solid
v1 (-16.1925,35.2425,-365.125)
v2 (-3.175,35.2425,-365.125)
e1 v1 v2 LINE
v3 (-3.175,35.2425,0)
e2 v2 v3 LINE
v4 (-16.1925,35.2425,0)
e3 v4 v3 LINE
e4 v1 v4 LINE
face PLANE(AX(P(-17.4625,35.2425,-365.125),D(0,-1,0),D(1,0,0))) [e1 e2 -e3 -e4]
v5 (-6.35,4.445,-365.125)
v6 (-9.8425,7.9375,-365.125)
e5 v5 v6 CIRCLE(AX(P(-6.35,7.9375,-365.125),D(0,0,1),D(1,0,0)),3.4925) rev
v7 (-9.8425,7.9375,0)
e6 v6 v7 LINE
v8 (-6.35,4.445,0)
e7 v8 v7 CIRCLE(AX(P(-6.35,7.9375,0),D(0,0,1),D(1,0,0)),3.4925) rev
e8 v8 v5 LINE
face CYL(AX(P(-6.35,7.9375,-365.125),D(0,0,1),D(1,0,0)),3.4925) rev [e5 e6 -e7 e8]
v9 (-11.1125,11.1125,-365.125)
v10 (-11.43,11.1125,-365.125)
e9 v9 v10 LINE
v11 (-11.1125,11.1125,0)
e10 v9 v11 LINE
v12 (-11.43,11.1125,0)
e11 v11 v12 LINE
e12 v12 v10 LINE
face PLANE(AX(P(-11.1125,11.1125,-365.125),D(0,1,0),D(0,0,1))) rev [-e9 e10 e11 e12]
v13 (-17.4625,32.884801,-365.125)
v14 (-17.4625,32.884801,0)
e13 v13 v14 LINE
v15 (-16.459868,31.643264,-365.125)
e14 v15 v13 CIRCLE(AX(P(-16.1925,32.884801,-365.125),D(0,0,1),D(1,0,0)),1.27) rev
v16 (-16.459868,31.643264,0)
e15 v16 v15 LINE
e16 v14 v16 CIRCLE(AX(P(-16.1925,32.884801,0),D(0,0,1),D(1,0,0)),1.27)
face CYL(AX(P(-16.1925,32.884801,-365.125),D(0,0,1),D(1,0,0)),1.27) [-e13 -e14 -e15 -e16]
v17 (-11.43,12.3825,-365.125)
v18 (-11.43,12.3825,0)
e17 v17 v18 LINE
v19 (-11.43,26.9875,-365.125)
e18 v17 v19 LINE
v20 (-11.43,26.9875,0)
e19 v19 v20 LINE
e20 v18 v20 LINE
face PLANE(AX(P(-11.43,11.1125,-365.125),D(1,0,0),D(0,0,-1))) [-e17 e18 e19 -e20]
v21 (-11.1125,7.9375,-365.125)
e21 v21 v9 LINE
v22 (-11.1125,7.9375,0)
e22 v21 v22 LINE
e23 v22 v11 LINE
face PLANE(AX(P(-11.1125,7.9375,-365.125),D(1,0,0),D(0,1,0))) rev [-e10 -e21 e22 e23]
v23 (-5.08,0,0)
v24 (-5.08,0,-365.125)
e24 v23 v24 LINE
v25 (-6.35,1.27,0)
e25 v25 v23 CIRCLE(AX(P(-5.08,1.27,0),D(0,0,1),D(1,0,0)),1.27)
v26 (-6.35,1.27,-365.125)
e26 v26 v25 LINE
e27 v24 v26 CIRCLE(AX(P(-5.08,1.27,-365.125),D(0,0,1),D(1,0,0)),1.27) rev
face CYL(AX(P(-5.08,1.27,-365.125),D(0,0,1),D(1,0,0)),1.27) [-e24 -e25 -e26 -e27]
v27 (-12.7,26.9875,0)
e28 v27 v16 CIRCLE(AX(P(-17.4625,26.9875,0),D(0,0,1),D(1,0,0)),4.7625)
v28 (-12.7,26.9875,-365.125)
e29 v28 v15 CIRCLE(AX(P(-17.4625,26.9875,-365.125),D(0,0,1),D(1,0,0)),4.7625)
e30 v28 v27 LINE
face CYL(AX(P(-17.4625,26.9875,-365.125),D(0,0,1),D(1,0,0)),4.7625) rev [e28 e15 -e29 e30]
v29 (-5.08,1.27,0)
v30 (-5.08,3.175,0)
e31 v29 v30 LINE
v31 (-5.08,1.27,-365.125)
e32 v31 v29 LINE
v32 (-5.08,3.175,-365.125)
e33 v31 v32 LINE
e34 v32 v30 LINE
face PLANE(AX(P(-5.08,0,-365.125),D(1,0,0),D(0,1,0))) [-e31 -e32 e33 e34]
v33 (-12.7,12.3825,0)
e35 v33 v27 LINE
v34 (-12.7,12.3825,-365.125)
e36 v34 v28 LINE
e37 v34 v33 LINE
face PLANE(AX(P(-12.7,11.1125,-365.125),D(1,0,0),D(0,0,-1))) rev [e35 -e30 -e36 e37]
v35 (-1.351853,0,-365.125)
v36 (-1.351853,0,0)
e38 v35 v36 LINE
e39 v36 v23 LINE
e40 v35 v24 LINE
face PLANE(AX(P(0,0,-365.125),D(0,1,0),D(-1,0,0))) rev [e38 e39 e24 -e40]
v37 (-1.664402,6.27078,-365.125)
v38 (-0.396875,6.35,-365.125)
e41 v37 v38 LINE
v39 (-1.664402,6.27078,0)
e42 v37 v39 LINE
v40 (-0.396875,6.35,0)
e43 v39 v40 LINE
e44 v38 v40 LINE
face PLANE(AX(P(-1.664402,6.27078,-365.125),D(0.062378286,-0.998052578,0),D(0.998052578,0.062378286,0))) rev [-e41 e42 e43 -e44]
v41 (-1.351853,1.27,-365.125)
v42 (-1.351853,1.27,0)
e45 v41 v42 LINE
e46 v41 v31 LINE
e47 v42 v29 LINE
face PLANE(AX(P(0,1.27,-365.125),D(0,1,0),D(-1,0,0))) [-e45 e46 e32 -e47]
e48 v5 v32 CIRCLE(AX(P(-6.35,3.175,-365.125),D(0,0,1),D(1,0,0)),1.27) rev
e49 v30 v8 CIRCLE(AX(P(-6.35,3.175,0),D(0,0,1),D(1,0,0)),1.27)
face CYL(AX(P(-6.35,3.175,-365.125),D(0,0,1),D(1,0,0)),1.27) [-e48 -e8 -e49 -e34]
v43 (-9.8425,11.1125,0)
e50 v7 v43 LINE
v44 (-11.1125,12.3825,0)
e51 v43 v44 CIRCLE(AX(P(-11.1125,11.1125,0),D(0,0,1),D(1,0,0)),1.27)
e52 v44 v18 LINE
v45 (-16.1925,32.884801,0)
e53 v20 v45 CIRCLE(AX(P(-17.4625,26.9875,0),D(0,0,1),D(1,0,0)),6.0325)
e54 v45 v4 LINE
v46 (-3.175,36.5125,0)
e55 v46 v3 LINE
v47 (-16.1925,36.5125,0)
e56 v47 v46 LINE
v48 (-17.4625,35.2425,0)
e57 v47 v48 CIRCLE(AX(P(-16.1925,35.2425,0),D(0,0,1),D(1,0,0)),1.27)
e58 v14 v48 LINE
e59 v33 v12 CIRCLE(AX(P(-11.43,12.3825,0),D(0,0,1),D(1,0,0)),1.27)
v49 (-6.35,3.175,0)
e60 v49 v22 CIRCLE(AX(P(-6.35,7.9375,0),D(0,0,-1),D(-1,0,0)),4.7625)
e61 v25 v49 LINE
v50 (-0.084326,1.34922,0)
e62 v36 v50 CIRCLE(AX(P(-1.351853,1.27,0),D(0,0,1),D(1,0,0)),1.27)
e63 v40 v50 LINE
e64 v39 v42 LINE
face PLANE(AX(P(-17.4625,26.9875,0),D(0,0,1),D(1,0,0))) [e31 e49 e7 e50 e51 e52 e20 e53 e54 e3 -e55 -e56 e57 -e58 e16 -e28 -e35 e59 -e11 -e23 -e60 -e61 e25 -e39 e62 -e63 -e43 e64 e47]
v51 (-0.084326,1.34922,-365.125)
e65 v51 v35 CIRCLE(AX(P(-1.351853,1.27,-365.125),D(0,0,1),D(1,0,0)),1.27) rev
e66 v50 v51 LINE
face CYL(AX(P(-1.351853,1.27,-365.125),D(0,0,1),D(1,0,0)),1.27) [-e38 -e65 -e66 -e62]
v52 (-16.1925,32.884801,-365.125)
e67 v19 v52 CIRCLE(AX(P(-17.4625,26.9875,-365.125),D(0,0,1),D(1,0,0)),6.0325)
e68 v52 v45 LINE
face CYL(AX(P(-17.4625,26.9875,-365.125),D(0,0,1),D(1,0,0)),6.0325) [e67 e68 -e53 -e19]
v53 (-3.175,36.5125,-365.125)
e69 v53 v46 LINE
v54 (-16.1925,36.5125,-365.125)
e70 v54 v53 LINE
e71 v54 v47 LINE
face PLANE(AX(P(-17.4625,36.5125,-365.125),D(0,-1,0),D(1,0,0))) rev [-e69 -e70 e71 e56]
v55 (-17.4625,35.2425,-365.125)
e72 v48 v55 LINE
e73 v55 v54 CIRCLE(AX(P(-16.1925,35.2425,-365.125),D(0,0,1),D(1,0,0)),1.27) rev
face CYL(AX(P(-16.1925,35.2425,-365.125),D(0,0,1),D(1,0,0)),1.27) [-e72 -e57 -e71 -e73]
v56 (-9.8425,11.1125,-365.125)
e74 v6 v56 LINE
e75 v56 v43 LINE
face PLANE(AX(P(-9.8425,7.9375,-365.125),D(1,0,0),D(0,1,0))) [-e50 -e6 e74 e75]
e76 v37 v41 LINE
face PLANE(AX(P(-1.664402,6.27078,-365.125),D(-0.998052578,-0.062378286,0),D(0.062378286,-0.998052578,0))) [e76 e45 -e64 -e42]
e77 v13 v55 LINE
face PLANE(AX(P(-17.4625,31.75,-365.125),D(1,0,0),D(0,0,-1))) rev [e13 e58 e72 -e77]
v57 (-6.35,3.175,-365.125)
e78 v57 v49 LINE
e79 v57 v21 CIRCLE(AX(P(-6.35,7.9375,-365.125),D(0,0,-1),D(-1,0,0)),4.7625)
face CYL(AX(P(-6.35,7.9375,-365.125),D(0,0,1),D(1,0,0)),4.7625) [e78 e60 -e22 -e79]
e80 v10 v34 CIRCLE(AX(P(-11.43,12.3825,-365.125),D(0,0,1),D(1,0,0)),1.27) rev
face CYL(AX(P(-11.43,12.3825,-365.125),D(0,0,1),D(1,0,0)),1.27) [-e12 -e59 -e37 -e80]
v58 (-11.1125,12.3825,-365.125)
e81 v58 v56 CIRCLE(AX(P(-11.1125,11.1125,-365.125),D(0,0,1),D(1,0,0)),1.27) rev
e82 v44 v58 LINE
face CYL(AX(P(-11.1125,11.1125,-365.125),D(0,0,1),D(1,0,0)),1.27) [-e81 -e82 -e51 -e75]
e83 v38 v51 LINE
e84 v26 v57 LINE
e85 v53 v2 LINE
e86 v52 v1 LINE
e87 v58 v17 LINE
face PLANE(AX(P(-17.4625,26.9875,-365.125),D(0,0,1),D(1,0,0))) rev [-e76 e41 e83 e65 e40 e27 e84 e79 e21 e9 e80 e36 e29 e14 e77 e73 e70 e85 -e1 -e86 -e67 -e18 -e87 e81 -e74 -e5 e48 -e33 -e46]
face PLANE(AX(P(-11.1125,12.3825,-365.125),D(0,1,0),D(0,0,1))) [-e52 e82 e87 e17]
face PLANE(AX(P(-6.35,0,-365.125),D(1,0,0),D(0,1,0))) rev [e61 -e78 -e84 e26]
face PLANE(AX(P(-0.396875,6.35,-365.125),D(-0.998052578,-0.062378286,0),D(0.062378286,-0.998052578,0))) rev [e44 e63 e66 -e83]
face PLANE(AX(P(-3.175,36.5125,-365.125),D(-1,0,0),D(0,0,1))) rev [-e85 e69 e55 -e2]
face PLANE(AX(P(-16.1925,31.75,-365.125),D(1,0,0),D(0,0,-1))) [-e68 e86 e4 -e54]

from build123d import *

# Parameters (mm, degrees)
EXTRUDE_THIN1_DEPTH = 365.125
FILLET1_R           = 1.27


with BuildPart() as part:
    # Sketch1 → Extrude-Thin1 (new body)
    with BuildSketch(Plane.XY):
        with BuildLine():
            Line((-0.396875, 6.35), (0, 0))
            Line((0, 0), (-6.35, 0))
            Line((-6.35, 0), (-6.35, 3.175))
            ThreePointArc((-6.35, 3.175), (-9.717596045, 4.569903955), (-11.1125, 7.9375))
            Line((-11.1125, 7.9375), (-11.1125, 11.1125))
            Line((-11.1125, 11.1125), (-12.7, 11.1125))
            Line((-12.7, 11.1125), (-12.7, 26.9875))
            ThreePointArc((-12.7, 26.9875), (-14.094903955, 30.355096045), (-17.4625, 31.75))
            Line((-17.4625, 31.75), (-17.4625, 36.5125))
            Line((-17.4625, 36.5125), (-3.175, 36.5125))
            Line((-3.175, 36.5125), (-3.175, 35.2425))
            Line((-3.175, 35.2425), (-16.1925, 35.2425))
            Line((-16.1925, 35.2425), (-16.1925, 32.88480076))
            ThreePointArc((-16.1925, 32.88480076), (-12.769295804, 30.777604303), (-11.43, 26.9875))
            Line((-11.43, 26.9875), (-11.43, 12.3825))
            Line((-11.43, 12.3825), (-9.8425, 12.3825))
            Line((-9.8425, 12.3825), (-9.8425, 7.9375))
            ThreePointArc((-9.8425, 7.9375), (-8.320035691, 5.053663038), (-5.08, 4.684093132))
            Line((-5.08, 4.684093132), (-5.08, 1.27))
            Line((-5.08, 1.27), (-1.351853051, 1.27))
            Line((-1.351853051, 1.27), (-1.664401775, 6.270779577))
            Line((-1.664401775, 6.270779577), (-0.396875, 6.35))
        make_face()
    extrude(amount=-EXTRUDE_THIN1_DEPTH)

    # Fillet1
    fillet1_edges = [part.edges().sort_by_distance(p)[0] for p in [
        (-9.8425, 12.3825, -182.5625),
        (-5.08, 4.684093132, -182.5625),
        (0, 0, -182.5625),
        (-6.35, 0, -182.5625),
        (-12.7, 11.1125, -182.5625),
        (-17.4625, 31.75, -182.5625),
        (-17.4625, 36.5125, -182.5625),
    ]]
    fillet(fillet1_edges, radius=FILLET1_R)


solid = part.part
